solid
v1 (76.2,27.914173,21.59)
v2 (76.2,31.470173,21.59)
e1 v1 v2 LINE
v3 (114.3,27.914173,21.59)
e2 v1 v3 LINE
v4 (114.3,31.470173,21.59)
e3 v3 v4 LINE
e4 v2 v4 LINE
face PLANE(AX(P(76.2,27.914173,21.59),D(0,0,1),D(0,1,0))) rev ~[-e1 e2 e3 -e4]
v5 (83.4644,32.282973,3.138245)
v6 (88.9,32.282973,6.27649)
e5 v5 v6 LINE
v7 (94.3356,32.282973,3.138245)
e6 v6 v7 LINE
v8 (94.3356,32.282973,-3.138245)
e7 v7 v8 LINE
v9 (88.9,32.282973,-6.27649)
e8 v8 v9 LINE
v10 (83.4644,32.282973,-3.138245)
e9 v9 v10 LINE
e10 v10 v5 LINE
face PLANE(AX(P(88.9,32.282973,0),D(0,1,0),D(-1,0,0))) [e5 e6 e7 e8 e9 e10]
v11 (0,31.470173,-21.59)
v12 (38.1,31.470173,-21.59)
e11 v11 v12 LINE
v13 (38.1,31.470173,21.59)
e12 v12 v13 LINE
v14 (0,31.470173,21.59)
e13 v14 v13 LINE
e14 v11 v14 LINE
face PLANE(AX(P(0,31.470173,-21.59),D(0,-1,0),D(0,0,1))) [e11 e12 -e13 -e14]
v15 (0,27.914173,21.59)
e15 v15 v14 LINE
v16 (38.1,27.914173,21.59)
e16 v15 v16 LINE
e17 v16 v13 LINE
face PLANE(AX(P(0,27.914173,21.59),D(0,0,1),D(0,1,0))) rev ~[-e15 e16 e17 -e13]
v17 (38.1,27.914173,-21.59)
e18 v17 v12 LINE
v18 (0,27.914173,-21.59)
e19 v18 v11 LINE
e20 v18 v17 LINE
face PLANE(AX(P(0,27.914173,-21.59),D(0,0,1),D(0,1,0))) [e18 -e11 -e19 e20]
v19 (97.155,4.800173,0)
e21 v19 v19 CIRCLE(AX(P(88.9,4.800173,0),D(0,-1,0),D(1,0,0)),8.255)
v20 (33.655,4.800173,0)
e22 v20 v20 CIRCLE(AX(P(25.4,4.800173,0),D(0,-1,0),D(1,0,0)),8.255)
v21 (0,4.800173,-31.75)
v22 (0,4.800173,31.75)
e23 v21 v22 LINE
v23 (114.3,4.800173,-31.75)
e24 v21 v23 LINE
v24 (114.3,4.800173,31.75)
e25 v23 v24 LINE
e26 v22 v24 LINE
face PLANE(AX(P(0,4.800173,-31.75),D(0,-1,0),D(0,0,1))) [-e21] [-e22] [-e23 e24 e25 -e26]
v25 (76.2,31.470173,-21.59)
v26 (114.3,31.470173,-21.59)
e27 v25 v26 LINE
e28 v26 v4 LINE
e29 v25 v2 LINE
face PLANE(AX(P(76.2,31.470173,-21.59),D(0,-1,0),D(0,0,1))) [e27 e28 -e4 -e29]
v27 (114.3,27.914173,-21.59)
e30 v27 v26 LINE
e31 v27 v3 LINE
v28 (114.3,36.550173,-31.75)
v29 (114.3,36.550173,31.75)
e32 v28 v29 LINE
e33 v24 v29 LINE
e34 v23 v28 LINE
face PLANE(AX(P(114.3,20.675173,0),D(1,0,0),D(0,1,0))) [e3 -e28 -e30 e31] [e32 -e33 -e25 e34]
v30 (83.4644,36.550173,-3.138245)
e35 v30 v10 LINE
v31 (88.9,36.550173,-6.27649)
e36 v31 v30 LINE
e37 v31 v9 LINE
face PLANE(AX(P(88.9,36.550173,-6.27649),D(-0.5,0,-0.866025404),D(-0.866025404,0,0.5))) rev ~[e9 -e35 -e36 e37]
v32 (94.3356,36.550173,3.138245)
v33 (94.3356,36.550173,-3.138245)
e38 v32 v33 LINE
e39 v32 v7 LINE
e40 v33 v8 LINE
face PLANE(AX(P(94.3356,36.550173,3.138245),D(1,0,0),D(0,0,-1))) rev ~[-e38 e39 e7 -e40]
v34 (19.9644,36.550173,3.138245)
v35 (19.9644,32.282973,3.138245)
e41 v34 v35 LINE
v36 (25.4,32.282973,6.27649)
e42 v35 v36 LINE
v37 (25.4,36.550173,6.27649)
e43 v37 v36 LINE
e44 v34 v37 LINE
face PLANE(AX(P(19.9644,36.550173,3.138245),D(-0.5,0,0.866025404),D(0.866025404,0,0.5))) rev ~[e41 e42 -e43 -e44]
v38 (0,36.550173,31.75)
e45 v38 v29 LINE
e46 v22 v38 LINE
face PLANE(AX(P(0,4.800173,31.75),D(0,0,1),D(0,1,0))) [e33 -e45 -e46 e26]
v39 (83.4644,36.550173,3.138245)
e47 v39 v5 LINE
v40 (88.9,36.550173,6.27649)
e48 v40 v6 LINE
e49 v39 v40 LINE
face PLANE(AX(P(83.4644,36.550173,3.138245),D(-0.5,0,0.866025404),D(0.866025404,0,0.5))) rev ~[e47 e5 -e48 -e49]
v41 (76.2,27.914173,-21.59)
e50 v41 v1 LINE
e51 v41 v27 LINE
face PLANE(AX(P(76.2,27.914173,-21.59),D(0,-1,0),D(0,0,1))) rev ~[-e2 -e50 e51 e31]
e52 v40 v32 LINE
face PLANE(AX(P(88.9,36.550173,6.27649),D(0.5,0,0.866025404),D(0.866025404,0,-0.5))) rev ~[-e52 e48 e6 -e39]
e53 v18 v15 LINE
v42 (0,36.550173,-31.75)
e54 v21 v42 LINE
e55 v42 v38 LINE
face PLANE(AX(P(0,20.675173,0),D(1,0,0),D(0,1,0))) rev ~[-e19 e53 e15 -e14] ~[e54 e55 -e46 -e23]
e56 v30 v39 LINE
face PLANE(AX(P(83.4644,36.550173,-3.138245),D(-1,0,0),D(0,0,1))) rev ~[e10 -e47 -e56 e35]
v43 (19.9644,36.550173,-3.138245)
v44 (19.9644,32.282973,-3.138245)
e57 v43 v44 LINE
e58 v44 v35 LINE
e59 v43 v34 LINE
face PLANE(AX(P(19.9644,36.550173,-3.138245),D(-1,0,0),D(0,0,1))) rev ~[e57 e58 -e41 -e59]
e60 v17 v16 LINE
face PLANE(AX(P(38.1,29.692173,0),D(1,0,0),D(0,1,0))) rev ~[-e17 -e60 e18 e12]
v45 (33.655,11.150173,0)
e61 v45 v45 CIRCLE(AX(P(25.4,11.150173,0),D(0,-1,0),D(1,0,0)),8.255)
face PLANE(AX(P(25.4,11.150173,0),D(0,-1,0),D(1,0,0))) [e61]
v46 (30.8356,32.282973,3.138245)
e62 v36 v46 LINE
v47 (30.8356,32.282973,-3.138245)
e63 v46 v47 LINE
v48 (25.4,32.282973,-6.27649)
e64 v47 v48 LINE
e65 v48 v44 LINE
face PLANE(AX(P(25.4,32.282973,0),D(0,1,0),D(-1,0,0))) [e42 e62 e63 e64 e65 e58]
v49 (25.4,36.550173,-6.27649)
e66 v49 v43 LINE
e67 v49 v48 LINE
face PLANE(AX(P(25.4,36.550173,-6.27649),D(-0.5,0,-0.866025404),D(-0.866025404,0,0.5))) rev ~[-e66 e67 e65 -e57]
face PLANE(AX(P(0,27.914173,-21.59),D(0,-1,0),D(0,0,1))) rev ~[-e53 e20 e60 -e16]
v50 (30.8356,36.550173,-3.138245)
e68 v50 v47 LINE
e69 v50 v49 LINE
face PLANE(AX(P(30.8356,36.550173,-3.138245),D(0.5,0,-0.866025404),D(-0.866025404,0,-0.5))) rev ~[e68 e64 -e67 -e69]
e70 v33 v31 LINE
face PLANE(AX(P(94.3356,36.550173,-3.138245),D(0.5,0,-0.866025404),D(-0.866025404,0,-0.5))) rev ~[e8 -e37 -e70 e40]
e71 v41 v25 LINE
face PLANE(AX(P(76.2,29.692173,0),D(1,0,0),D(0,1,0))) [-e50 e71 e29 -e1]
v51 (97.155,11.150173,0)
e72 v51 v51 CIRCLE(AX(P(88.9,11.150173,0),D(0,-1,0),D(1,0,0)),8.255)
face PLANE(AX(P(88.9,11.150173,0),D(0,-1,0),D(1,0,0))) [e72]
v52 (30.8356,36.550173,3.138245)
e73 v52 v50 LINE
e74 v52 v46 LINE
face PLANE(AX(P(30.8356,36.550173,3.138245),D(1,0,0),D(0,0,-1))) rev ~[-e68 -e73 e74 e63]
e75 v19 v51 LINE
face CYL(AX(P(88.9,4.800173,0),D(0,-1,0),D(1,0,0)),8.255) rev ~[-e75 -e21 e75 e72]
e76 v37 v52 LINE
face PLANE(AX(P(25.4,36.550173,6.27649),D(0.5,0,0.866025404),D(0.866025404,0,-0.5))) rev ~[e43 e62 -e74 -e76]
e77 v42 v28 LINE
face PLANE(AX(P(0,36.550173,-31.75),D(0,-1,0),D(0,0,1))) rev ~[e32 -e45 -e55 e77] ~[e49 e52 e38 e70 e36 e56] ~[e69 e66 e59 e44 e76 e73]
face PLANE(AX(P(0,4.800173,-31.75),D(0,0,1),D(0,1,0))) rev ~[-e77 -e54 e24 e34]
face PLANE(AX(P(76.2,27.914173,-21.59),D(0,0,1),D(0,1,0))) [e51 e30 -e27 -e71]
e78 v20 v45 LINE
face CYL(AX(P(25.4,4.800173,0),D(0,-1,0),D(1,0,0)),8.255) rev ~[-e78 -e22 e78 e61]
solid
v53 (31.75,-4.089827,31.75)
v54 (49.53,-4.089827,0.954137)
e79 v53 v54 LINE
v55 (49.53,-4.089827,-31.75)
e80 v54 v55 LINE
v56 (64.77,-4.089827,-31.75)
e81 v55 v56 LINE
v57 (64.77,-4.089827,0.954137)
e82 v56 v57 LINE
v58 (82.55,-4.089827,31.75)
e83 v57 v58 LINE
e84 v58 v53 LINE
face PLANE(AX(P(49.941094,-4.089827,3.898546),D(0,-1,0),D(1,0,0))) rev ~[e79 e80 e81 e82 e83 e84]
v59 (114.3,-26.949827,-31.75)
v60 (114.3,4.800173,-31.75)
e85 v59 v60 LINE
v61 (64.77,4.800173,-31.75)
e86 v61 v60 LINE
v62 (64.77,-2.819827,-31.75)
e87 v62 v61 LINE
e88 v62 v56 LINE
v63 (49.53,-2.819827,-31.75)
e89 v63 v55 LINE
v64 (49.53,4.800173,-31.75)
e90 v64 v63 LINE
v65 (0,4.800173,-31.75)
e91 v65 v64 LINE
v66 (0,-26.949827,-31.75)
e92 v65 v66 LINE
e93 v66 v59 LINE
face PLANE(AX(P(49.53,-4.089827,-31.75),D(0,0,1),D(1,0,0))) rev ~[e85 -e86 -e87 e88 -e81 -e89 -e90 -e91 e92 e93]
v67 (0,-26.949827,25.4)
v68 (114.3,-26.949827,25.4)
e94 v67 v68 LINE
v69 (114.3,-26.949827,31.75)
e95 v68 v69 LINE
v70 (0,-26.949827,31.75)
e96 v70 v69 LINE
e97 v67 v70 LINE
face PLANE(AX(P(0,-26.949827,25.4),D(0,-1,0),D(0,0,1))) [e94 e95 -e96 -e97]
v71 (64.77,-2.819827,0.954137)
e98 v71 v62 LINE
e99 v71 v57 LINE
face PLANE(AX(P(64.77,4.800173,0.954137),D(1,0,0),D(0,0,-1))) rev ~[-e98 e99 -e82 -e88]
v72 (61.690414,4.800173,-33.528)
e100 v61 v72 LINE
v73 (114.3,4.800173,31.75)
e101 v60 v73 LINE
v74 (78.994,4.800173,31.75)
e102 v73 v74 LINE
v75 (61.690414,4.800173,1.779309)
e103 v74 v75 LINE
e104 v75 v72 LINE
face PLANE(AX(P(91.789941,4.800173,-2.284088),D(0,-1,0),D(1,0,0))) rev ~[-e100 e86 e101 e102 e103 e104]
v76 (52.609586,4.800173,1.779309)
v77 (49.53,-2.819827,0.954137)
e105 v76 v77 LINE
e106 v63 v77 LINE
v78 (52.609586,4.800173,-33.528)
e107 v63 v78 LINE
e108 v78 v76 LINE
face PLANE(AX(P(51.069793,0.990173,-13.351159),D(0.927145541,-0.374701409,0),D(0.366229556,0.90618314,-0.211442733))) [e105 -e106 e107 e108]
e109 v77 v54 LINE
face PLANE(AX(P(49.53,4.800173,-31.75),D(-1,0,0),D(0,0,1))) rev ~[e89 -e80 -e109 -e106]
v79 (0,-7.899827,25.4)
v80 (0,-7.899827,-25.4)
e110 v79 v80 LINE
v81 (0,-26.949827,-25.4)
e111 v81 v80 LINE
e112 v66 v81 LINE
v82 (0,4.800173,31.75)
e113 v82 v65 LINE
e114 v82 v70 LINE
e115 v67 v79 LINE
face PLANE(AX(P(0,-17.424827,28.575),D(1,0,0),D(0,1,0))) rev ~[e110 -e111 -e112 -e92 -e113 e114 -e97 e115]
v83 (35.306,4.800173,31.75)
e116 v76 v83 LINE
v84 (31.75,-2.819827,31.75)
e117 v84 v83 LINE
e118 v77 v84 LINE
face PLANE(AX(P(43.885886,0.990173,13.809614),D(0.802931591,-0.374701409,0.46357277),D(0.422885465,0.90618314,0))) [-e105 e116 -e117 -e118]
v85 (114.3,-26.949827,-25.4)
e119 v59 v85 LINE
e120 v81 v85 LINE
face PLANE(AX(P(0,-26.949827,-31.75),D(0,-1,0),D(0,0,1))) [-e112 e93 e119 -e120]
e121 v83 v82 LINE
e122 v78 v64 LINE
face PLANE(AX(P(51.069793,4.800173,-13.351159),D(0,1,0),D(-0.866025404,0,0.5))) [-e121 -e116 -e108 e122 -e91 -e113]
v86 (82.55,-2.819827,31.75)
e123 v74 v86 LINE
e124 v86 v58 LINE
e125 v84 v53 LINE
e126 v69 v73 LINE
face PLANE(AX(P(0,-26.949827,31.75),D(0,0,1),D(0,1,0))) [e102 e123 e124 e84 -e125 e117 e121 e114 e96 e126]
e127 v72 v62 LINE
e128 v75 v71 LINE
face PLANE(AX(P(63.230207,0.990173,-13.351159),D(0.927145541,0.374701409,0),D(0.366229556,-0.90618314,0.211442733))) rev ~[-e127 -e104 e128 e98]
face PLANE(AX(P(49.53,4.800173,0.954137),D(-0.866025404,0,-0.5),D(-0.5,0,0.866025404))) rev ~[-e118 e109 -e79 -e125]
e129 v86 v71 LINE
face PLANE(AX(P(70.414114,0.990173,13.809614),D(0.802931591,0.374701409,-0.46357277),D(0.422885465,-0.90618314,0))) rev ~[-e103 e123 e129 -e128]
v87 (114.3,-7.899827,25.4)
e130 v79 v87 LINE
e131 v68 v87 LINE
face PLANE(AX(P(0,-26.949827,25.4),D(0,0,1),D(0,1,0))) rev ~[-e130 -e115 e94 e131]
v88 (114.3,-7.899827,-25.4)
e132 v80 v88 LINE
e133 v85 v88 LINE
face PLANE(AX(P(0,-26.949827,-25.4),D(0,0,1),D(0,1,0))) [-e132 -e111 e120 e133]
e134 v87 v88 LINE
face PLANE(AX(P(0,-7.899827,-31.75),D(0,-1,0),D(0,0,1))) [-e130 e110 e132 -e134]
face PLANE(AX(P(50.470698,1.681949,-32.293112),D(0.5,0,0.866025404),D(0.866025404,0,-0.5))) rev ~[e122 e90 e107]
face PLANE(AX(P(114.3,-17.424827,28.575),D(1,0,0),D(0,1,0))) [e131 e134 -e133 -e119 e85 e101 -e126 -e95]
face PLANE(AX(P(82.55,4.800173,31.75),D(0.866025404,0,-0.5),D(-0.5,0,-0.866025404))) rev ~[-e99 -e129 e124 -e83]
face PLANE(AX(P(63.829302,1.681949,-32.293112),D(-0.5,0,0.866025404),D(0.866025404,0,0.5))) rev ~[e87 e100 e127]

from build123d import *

# Parameters (mm, degrees)
F0_W      = 31.75
F0_H      = 63.5
F1_DEPTH  = 114.3
F2_DEPTH  = 114.3
F5_W      = 3.556
F5_H      = 43.18
F6_DEPTH  = 38.1
F7_START  = 76.2
F7_DEPTH  = 38.1
F11_R     = 8.255
F12_R     = 8.255
F13_DEPTH = 6.35
F15_DEPTH = 4.2672
F16_DEPTH = 25.4
F17_START = 8.89
F17_DEPTH = 16.51
F20_START = -7.62
F19_W     = 114.3
F19_H     = 30.48
F20_DEPTH = 5.08
F22_W     = 12.7
F22_H     = 6.350000307
F22_H_2   = 6.35
F23_DEPTH = 114.3
F21_W     = 19.05
F21_H     = 6.350000307
F21_H_2   = 6.35
F24_DEPTH = 114.3


with BuildPart() as f1:
    # F0 (on Right) → F1 (new body)
    with BuildSketch(Plane.YZ):
        with Locations((20.6751725854, 0)):
            Rectangle(F0_W, F0_H)
    extrude(amount=F1_DEPTH)

    # F5 (on face) → F6 (cut)
    with BuildSketch(Plane.YZ):
        with Locations((29.6921725854, 0)):
            Rectangle(F5_W, F5_H)
    extrude(amount=F6_DEPTH, mode=Mode.SUBTRACT)

    # F5 (on face) → F7 (cut)
    with BuildSketch(Plane.YZ.offset(F7_START)):
        with Locations((29.6921725854, 0)):
            Rectangle(F5_W, F5_H)
    extrude(amount=F7_DEPTH, mode=Mode.SUBTRACT)

    # F11 (on face) + F12 (on face) → F13 (cut)
    with BuildSketch(Plane.XZ.offset(-4.8001725854)):
        with Locations((25.4, 0)):
            Circle(F11_R)
    with BuildSketch(Plane.XZ.offset(-4.8001725854)):
        with Locations((88.9, 0)):
            Circle(F12_R)
    extrude(amount=-F13_DEPTH, mode=Mode.SUBTRACT)

    # F14 (on face) → F15 (cut)
    with BuildSketch(Plane(origin=(0, 36.5501725854, 0), x_dir=(-1, 0, 0), z_dir=(0, 1, 0))):
        Polygon((-83.4644, -3.1382451232), (-83.4644, 3.1382451232), (-88.9, 6.2764902464), (-94.3356, 3.1382451232), (-94.3356, -3.1382451232), (-88.9, -6.2764902464), align=None)
        Polygon((-30.8356, 3.1382451232), (-30.8356, -3.1382451232), (-25.4, -6.2764902464), (-19.9644, -3.1382451232), (-19.9644, 3.1382451232), (-25.4, 6.2764902464), align=None)
    extrude(amount=-F15_DEPTH, mode=Mode.SUBTRACT)


with BuildPart() as f2:
    # F0 (on Right) → F2 (new body)
    with BuildSketch(Plane.YZ):
        Polygon((-26.9498274146, -19.685), (-26.9498274146, -31.75), (4.8001725854, -31.75), (4.8001725854, 31.75), (-26.9498274146, 31.75), (-26.9498274146, 19.685), (-23.3938274146, 19.685), (-7.8998274146, 8.89), (-7.8998274146, -8.89), (-23.3938274146, -19.685), align=None)
        Polygon((-26.9498274146, 19.685), (-26.9498274146, -19.685), (-23.3938274146, -19.685), (-7.8998274146, -8.89), (-7.8998274146, 8.89), (-23.3938274146, 19.685), align=None)
    extrude(amount=F2_DEPTH)


with BuildPart() as f9:
    # F9: sweep along a path in F4
    with BuildLine(Plane.XZ.offset(-4.8001725854)) as f9_path:
        Line((49.53, -31.75), (49.53, 0.9541366414))
        Line((49.53, 0.9541366414), (31.75, 31.75))
    # F8 (on face) → F9 (sweep)
    with BuildSketch(Plane.XY.offset(31.75)):
        Polygon((35.306, 4.8001725854), (31.75, 4.8001725854), (31.75, -2.8198274146), align=None)
    sweep(path=f9_path.line, transition=Transition.RIGHT)


with BuildPart() as f10:
    # F10: sweep along a path in F4
    with BuildLine(Plane.XZ.offset(-4.8001725854)) as f10_path:
        Line((82.55, 31.75), (64.77, 0.9541366414))
        Line((64.77, 0.9541366414), (64.77, -31.75))
    # F8 (on face) → F10 (sweep)
    with BuildSketch(Plane.XY.offset(31.75)):
        Polygon((82.55, -2.8198274146), (82.55, 4.8001725854), (78.994, 4.8001725854), align=None)
    sweep(path=f10_path.line, transition=Transition.RIGHT)


with BuildPart() as f16:
    # F4 (on face) → F16 (new body)
    with BuildSketch(Plane.XZ.offset(-4.8001725854)):
        Polygon((49.53, 0.9541366414), (31.75, 31.75), (0, 31.75), (0, -31.75), (49.53, -31.75), align=None)
    extrude(amount=F16_DEPTH)


with BuildPart() as f16b:
    # F4 (on face) → F16, piece 2 (new body)
    with BuildSketch(Plane.XZ.offset(-4.8001725854)):
        Polygon((114.3, 31.75), (82.55, 31.75), (64.77, 0.9541366414), (64.77, -31.75), (114.3, -31.75), align=None)
    extrude(amount=F16_DEPTH)


with BuildPart() as f17:
    # F4 (on face) → F17 (new body)
    with BuildSketch(Plane.XZ.offset(-4.8001725854).offset(F17_START)):
        Polygon((57.15, -31.75), (57.15, 31.75), (31.75, 31.75), (49.53, 0.9541366414), (49.53, -31.75), align=None)
        Polygon((82.55, 31.75), (57.15, 31.75), (57.15, -31.75), (64.77, -31.75), (64.77, 0.9541366414), align=None)
    extrude(amount=F17_DEPTH)


with BuildPart() as f9_1:
    add(f9.part)

    # F18: union F10, F16, F16b, F17
    add(f10.part)
    add(f16.part)
    add(f16b.part)
    add(f17.part)

    # F19 (on face) → F20 (cut)
    with BuildSketch(Plane.XZ.offset(20.5998274146).offset(F20_START)):
        with Locations((57.15, 0)):
            Rectangle(F19_W, F19_H)
    extrude(amount=-F20_DEPTH, mode=Mode.SUBTRACT)

    # F22 (on face) → F23 (cut)
    with BuildSketch(Plane.YZ):
        Polygon((-7.8998274146, 25.399999693), (-20.5998274146, 25.399999693), (-20.5998274146, 17.7383606557), (-7.8998274146, 8.89), align=None)
        with Locations((-14.2498274146, 28.5749998465)):
            Rectangle(F22_W, F22_H)
        Polygon((-7.8998274146, 8.89), (-20.5998274146, 17.7383606557), (-20.5998274146, -17.7383606557), (-7.8998274146, -8.89), align=None)
        Polygon((-7.8998274146, -8.89), (-20.5998274146, -17.7383606557), (-20.5998274146, -25.4), (-7.8998274146, -25.4), align=None)
        with Locations((-14.2498274146, -28.575)):
            Rectangle(F22_W, F22_H_2)
    extrude(amount=F23_DEPTH, mode=Mode.SUBTRACT)

    # F21 (on face) → F24 (join)
    with BuildSketch(Plane.YZ):
        with Locations((-17.4248274146, 28.5749998465)):
            Rectangle(F21_W, F21_H)
        with Locations((-17.4248274146, -28.575)):
            Rectangle(F21_W, F21_H_2)
    extrude(amount=F24_DEPTH)


solid = Compound([f1.part, f9_1.part])
